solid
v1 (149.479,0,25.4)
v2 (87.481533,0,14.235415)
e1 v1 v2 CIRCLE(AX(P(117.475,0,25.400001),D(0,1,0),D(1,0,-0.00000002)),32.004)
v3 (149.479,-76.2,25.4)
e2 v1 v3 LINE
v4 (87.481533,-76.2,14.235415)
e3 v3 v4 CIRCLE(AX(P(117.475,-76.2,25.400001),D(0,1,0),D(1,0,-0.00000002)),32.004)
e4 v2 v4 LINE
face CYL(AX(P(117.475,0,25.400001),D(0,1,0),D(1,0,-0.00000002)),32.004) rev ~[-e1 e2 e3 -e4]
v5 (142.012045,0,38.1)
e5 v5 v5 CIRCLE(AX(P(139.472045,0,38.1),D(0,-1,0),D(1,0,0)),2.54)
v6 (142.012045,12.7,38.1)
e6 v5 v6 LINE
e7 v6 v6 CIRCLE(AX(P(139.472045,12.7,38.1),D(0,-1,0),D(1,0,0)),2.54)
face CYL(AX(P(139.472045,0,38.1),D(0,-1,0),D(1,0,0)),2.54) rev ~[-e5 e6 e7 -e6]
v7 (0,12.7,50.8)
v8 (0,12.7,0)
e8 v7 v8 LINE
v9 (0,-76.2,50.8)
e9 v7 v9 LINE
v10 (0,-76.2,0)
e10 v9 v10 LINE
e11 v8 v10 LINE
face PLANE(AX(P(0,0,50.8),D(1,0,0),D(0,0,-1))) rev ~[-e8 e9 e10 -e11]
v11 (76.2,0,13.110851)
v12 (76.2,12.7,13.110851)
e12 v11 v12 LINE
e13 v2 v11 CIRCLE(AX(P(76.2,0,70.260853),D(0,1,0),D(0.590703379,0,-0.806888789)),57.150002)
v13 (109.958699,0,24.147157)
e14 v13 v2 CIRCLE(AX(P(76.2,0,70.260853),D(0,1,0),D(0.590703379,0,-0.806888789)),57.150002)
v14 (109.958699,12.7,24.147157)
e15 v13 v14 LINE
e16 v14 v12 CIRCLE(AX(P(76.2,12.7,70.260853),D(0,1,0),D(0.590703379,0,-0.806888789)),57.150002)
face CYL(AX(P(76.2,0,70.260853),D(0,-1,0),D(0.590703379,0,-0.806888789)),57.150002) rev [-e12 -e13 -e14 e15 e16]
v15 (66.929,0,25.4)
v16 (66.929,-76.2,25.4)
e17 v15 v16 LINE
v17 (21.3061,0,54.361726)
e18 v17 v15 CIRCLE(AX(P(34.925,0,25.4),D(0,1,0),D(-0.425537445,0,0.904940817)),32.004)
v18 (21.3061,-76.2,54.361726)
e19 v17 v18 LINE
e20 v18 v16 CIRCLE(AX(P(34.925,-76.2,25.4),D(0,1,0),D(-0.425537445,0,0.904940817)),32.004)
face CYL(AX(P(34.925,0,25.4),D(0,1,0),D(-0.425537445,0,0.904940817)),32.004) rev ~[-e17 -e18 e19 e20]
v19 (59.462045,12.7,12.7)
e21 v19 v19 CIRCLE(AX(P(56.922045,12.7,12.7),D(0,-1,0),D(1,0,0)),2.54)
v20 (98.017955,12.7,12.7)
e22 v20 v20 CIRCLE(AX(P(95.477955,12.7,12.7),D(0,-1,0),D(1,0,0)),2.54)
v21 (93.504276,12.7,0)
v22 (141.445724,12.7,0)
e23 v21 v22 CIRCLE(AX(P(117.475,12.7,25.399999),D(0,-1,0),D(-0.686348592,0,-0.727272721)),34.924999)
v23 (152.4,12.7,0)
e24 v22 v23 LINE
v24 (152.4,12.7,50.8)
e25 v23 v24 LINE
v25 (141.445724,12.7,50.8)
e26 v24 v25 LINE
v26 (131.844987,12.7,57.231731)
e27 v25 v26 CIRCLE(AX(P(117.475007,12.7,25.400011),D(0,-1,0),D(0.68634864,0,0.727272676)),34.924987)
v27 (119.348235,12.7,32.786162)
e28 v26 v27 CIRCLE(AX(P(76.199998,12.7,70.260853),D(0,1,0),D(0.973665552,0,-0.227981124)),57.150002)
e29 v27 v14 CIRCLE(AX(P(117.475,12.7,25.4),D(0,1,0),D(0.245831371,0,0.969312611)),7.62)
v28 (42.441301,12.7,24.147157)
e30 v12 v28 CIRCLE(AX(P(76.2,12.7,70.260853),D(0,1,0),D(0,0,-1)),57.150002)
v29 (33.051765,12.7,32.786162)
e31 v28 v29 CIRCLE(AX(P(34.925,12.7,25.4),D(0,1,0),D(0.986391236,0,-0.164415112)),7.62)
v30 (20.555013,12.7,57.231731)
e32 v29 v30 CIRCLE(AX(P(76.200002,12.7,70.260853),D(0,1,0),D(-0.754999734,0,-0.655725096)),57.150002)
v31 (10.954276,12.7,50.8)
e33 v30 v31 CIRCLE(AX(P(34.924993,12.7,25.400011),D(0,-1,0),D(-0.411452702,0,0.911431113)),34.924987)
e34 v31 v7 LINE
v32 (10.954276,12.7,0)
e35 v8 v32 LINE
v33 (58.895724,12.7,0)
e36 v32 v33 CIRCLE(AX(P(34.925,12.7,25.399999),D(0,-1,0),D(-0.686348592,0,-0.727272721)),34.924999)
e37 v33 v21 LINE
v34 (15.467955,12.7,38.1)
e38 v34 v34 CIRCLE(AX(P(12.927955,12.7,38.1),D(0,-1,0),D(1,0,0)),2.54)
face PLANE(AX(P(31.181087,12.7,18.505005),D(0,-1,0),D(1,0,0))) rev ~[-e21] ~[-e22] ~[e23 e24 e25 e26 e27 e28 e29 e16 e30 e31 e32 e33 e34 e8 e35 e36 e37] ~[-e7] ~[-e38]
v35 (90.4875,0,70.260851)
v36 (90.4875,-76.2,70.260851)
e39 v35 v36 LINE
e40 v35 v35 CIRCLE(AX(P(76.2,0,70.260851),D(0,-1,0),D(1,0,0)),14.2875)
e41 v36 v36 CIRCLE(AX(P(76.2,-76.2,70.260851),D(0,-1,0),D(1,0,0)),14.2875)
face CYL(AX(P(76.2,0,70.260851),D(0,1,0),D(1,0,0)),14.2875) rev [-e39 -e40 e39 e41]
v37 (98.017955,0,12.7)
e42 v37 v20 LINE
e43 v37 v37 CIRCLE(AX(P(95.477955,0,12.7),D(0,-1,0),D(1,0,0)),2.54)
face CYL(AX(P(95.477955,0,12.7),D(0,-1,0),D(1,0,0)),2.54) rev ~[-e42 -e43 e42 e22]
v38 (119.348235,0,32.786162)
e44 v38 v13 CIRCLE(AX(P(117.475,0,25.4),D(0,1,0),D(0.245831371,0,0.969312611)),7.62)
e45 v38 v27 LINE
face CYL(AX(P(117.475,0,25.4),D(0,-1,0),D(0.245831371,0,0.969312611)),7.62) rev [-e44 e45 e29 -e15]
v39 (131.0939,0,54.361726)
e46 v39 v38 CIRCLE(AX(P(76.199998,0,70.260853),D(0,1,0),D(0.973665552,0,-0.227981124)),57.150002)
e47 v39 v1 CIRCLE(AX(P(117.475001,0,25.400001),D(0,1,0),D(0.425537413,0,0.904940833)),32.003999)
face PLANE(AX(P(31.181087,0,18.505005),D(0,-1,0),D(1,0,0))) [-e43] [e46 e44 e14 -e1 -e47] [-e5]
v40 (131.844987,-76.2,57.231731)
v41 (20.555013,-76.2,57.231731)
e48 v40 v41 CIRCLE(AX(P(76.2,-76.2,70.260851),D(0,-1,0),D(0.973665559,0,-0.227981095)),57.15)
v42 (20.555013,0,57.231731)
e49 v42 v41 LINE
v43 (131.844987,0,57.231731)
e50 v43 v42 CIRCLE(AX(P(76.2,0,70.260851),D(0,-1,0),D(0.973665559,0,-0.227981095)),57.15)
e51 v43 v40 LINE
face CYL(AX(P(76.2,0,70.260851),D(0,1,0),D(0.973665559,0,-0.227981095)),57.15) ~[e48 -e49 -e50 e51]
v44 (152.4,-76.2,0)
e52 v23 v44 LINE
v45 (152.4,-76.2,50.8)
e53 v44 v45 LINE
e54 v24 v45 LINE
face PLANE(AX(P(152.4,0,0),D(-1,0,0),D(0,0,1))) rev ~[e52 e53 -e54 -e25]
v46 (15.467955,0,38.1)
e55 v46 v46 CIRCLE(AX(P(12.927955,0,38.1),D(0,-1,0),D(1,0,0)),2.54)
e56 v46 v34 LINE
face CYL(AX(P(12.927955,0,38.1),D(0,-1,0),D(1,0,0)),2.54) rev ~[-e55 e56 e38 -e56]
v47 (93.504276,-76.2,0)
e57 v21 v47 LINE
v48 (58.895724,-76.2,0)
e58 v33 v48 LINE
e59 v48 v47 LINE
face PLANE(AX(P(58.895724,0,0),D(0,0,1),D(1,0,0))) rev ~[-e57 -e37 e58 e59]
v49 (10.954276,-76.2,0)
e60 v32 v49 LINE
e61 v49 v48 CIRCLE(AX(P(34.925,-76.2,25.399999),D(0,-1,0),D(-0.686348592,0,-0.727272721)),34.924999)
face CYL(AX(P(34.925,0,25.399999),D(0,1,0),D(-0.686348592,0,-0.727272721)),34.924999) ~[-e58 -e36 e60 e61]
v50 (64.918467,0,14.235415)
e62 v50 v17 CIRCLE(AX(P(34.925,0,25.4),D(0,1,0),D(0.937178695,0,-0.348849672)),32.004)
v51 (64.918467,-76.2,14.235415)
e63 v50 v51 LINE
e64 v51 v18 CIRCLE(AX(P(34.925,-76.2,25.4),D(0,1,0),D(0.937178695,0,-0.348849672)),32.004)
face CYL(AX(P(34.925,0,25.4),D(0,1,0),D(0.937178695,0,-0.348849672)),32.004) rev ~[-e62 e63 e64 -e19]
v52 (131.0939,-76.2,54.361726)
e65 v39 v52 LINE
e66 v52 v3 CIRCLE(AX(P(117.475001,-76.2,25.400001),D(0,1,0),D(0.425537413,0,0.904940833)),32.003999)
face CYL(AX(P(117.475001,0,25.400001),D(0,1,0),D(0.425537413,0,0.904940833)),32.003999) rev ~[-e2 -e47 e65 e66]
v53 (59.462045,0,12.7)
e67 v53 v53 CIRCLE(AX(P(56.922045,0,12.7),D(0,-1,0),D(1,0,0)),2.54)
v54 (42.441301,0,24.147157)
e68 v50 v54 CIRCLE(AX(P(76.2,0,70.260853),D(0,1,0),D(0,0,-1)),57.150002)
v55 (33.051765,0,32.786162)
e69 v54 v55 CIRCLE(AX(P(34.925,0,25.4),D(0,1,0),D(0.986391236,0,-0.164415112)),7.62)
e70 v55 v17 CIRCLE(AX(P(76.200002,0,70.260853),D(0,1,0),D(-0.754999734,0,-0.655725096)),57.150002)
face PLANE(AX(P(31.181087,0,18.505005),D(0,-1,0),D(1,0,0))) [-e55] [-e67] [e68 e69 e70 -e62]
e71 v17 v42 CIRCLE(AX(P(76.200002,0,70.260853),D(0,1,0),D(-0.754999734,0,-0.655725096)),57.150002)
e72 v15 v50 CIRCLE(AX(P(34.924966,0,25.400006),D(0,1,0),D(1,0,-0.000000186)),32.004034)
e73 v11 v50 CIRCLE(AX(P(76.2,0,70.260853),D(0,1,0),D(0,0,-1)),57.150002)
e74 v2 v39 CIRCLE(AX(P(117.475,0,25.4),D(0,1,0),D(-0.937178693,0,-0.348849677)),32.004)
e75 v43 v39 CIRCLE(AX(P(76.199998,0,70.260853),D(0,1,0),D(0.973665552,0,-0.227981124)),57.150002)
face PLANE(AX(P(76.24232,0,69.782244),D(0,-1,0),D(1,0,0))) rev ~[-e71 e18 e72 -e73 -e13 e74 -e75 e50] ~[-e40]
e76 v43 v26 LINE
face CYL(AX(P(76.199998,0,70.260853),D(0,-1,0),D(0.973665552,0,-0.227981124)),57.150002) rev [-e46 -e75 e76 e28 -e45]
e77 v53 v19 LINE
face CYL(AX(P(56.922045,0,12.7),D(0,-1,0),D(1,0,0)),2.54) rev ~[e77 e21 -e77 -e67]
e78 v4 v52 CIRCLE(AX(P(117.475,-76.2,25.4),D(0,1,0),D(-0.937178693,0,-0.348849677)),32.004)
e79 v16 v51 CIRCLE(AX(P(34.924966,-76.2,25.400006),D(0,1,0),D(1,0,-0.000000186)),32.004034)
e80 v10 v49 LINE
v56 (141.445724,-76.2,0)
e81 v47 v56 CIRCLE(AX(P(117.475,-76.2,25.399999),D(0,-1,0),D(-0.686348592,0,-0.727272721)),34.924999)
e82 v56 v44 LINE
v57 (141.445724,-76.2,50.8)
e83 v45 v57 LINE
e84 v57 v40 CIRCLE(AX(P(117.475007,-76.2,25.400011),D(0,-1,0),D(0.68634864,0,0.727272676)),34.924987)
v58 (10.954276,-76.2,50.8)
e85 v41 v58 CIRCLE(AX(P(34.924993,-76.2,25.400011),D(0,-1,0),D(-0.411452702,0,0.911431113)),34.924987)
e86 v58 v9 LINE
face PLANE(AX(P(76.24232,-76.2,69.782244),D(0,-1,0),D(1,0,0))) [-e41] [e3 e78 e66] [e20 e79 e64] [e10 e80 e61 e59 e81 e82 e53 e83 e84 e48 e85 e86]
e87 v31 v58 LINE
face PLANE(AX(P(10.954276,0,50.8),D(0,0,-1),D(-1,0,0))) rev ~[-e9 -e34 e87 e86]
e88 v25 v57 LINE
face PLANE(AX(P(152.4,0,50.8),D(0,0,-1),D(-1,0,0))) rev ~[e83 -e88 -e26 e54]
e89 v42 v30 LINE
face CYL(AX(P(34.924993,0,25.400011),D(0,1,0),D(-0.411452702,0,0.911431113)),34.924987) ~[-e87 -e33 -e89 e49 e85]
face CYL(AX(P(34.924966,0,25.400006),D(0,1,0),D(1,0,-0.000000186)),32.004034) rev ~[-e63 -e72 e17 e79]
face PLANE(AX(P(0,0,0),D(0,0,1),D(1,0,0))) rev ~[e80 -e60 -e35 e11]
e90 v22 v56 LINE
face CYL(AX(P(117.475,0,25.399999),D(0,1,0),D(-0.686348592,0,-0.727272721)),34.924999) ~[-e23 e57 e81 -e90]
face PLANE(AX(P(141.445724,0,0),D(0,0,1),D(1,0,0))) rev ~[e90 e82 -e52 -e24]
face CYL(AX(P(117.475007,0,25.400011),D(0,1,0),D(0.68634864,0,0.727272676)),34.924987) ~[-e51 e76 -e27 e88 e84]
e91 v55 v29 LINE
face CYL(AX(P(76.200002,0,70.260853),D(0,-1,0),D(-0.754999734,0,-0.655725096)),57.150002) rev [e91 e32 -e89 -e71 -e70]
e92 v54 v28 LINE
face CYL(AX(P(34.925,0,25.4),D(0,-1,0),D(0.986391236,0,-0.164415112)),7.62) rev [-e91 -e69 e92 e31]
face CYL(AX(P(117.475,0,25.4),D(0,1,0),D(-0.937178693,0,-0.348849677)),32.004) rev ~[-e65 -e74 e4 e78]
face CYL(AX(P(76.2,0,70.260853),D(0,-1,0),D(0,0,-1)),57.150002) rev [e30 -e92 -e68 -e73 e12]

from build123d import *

# Parameters (mm, degrees)
F0_R     = 2.54
F1_DEPTH = 12.7
F2_R     = 14.2875
F3_DEPTH = 76.2


with BuildPart() as f1:
    # F0 (on Front) → F1 (new body)
    with BuildSketch(Plane.XZ):
        with BuildLine():
            Line((0, 50.8), (0, 0))
            Line((0, 0), (10.954276, 0))
            ThreePointArc((10.954276, 0), (34.925, -9.525), (58.895724, 0))
            Line((58.895724, 0), (76.2, 0))
            Line((76.2, 0), (76.2, 13.110851))
            ThreePointArc((76.2, 13.110851), (58.441553, 15.939952), (42.441301, 24.147157))
            ThreePointArc((42.441301, 24.147157), (29.765625, 19.792394), (33.051765, 32.786162))
            ThreePointArc((33.051765, 32.786162), (25.31364, 44.247376), (20.555013, 57.231731))
            ThreePointArc((20.555013, 57.231731), (15.486782, 54.415708), (10.954276, 50.8))
            Line((10.954276, 50.8), (0, 50.8))
        make_face()
        with Locations((56.922045, 12.7)):
            Circle(F0_R, mode=Mode.SUBTRACT)
        with Locations((12.927955, 38.1)):
            Circle(F0_R, mode=Mode.SUBTRACT)
        with BuildLine():
            Line((76.2, 13.110851), (76.2, 0))
            Line((76.2, 0), (93.504276, 0))
            ThreePointArc((93.504276, 0), (117.475, -9.525), (141.445724, 0))
            Line((141.445724, 0), (152.4, 0))
            Line((152.4, 0), (152.4, 50.8))
            Line((152.4, 50.8), (141.445724, 50.8))
            ThreePointArc((141.445724, 50.8), (136.913218, 54.415708), (131.844987, 57.231731))
            ThreePointArc((131.844987, 57.231731), (127.08636, 44.247376), (119.348235, 32.786162))
            ThreePointArc((119.348235, 32.786162), (122.634375, 19.792394), (109.958699, 24.147157))
            ThreePointArc((109.958699, 24.147157), (93.958447, 15.939952), (76.2, 13.110851))
        make_face()
        with Locations((95.477955, 12.7)):
            Circle(F0_R, mode=Mode.SUBTRACT)
        with Locations((139.472045, 38.1)):
            Circle(F0_R, mode=Mode.SUBTRACT)
    extrude(amount=-F1_DEPTH)

    # F2 (on face) → F3 (join)
    with BuildSketch(Plane.XZ):
        with BuildLine():
            ThreePointArc((66.929, 25.4), (66.422356, 19.727915), (64.918467, 14.235415))
            ThreePointArc((64.918467, 14.235415), (70.531278, 13.392687), (76.2, 13.110851))
            ThreePointArc((76.2, 13.110851), (81.868722, 13.392687), (87.481533, 14.235415))
            ThreePointArc((87.481533, 14.235415), (95.805625, 48.951947), (131.0939, 54.361726))
            ThreePointArc((131.0939, 54.361726), (131.488069, 55.791854), (131.844987, 57.231731))
            ThreePointArc((131.844987, 57.231731), (76.2, 127.410851), (20.555013, 57.231731))
            ThreePointArc((20.555013, 57.231731), (20.911931, 55.791854), (21.3061, 54.361726))
            ThreePointArc((21.3061, 54.361726), (52.077212, 52.419579), (66.929, 25.4))
        make_face()
        with Locations((76.2, 70.260851)):
            Circle(F2_R, mode=Mode.SUBTRACT)
        with BuildLine():
            ThreePointArc((76.2, 13.110851), (70.531278, 13.392687), (64.918467, 14.235415))
            ThreePointArc((64.918467, 14.235415), (13.255625, 1.848053), (21.3061, 54.361726))
            ThreePointArc((21.3061, 54.361726), (20.911931, 55.791854), (20.555013, 57.231731))
            ThreePointArc((20.555013, 57.231731), (15.486782, 54.415708), (10.954276, 50.8))
            Line((10.954276, 50.8), (0, 50.8))
            Line((0, 50.8), (0, 0))
            Line((0, 0), (10.954276, 0))
            ThreePointArc((10.954276, 0), (34.925, -9.525), (58.895724, 0))
            Line((58.895724, 0), (76.2, 0))
            Line((76.2, 0), (93.504276, 0))
            ThreePointArc((93.504276, 0), (117.475, -9.525), (141.445724, 0))
            Line((141.445724, 0), (152.4, 0))
            Line((152.4, 0), (152.4, 50.8))
            Line((152.4, 50.8), (141.445724, 50.8))
            ThreePointArc((141.445724, 50.8), (136.913218, 54.415708), (131.844987, 57.231731))
            ThreePointArc((131.844987, 57.231731), (131.488069, 55.791854), (131.0939, 54.361726))
            ThreePointArc((131.0939, 54.361726), (144.494579, 42.552212), (149.479, 25.4))
            ThreePointArc((149.479, 25.4), (123.147085, -6.097356), (87.481533, 14.235415))
            ThreePointArc((87.481533, 14.235415), (81.868722, 13.392687), (76.2, 13.110851))
        make_face()
    extrude(amount=F3_DEPTH)


solid = f1.part
